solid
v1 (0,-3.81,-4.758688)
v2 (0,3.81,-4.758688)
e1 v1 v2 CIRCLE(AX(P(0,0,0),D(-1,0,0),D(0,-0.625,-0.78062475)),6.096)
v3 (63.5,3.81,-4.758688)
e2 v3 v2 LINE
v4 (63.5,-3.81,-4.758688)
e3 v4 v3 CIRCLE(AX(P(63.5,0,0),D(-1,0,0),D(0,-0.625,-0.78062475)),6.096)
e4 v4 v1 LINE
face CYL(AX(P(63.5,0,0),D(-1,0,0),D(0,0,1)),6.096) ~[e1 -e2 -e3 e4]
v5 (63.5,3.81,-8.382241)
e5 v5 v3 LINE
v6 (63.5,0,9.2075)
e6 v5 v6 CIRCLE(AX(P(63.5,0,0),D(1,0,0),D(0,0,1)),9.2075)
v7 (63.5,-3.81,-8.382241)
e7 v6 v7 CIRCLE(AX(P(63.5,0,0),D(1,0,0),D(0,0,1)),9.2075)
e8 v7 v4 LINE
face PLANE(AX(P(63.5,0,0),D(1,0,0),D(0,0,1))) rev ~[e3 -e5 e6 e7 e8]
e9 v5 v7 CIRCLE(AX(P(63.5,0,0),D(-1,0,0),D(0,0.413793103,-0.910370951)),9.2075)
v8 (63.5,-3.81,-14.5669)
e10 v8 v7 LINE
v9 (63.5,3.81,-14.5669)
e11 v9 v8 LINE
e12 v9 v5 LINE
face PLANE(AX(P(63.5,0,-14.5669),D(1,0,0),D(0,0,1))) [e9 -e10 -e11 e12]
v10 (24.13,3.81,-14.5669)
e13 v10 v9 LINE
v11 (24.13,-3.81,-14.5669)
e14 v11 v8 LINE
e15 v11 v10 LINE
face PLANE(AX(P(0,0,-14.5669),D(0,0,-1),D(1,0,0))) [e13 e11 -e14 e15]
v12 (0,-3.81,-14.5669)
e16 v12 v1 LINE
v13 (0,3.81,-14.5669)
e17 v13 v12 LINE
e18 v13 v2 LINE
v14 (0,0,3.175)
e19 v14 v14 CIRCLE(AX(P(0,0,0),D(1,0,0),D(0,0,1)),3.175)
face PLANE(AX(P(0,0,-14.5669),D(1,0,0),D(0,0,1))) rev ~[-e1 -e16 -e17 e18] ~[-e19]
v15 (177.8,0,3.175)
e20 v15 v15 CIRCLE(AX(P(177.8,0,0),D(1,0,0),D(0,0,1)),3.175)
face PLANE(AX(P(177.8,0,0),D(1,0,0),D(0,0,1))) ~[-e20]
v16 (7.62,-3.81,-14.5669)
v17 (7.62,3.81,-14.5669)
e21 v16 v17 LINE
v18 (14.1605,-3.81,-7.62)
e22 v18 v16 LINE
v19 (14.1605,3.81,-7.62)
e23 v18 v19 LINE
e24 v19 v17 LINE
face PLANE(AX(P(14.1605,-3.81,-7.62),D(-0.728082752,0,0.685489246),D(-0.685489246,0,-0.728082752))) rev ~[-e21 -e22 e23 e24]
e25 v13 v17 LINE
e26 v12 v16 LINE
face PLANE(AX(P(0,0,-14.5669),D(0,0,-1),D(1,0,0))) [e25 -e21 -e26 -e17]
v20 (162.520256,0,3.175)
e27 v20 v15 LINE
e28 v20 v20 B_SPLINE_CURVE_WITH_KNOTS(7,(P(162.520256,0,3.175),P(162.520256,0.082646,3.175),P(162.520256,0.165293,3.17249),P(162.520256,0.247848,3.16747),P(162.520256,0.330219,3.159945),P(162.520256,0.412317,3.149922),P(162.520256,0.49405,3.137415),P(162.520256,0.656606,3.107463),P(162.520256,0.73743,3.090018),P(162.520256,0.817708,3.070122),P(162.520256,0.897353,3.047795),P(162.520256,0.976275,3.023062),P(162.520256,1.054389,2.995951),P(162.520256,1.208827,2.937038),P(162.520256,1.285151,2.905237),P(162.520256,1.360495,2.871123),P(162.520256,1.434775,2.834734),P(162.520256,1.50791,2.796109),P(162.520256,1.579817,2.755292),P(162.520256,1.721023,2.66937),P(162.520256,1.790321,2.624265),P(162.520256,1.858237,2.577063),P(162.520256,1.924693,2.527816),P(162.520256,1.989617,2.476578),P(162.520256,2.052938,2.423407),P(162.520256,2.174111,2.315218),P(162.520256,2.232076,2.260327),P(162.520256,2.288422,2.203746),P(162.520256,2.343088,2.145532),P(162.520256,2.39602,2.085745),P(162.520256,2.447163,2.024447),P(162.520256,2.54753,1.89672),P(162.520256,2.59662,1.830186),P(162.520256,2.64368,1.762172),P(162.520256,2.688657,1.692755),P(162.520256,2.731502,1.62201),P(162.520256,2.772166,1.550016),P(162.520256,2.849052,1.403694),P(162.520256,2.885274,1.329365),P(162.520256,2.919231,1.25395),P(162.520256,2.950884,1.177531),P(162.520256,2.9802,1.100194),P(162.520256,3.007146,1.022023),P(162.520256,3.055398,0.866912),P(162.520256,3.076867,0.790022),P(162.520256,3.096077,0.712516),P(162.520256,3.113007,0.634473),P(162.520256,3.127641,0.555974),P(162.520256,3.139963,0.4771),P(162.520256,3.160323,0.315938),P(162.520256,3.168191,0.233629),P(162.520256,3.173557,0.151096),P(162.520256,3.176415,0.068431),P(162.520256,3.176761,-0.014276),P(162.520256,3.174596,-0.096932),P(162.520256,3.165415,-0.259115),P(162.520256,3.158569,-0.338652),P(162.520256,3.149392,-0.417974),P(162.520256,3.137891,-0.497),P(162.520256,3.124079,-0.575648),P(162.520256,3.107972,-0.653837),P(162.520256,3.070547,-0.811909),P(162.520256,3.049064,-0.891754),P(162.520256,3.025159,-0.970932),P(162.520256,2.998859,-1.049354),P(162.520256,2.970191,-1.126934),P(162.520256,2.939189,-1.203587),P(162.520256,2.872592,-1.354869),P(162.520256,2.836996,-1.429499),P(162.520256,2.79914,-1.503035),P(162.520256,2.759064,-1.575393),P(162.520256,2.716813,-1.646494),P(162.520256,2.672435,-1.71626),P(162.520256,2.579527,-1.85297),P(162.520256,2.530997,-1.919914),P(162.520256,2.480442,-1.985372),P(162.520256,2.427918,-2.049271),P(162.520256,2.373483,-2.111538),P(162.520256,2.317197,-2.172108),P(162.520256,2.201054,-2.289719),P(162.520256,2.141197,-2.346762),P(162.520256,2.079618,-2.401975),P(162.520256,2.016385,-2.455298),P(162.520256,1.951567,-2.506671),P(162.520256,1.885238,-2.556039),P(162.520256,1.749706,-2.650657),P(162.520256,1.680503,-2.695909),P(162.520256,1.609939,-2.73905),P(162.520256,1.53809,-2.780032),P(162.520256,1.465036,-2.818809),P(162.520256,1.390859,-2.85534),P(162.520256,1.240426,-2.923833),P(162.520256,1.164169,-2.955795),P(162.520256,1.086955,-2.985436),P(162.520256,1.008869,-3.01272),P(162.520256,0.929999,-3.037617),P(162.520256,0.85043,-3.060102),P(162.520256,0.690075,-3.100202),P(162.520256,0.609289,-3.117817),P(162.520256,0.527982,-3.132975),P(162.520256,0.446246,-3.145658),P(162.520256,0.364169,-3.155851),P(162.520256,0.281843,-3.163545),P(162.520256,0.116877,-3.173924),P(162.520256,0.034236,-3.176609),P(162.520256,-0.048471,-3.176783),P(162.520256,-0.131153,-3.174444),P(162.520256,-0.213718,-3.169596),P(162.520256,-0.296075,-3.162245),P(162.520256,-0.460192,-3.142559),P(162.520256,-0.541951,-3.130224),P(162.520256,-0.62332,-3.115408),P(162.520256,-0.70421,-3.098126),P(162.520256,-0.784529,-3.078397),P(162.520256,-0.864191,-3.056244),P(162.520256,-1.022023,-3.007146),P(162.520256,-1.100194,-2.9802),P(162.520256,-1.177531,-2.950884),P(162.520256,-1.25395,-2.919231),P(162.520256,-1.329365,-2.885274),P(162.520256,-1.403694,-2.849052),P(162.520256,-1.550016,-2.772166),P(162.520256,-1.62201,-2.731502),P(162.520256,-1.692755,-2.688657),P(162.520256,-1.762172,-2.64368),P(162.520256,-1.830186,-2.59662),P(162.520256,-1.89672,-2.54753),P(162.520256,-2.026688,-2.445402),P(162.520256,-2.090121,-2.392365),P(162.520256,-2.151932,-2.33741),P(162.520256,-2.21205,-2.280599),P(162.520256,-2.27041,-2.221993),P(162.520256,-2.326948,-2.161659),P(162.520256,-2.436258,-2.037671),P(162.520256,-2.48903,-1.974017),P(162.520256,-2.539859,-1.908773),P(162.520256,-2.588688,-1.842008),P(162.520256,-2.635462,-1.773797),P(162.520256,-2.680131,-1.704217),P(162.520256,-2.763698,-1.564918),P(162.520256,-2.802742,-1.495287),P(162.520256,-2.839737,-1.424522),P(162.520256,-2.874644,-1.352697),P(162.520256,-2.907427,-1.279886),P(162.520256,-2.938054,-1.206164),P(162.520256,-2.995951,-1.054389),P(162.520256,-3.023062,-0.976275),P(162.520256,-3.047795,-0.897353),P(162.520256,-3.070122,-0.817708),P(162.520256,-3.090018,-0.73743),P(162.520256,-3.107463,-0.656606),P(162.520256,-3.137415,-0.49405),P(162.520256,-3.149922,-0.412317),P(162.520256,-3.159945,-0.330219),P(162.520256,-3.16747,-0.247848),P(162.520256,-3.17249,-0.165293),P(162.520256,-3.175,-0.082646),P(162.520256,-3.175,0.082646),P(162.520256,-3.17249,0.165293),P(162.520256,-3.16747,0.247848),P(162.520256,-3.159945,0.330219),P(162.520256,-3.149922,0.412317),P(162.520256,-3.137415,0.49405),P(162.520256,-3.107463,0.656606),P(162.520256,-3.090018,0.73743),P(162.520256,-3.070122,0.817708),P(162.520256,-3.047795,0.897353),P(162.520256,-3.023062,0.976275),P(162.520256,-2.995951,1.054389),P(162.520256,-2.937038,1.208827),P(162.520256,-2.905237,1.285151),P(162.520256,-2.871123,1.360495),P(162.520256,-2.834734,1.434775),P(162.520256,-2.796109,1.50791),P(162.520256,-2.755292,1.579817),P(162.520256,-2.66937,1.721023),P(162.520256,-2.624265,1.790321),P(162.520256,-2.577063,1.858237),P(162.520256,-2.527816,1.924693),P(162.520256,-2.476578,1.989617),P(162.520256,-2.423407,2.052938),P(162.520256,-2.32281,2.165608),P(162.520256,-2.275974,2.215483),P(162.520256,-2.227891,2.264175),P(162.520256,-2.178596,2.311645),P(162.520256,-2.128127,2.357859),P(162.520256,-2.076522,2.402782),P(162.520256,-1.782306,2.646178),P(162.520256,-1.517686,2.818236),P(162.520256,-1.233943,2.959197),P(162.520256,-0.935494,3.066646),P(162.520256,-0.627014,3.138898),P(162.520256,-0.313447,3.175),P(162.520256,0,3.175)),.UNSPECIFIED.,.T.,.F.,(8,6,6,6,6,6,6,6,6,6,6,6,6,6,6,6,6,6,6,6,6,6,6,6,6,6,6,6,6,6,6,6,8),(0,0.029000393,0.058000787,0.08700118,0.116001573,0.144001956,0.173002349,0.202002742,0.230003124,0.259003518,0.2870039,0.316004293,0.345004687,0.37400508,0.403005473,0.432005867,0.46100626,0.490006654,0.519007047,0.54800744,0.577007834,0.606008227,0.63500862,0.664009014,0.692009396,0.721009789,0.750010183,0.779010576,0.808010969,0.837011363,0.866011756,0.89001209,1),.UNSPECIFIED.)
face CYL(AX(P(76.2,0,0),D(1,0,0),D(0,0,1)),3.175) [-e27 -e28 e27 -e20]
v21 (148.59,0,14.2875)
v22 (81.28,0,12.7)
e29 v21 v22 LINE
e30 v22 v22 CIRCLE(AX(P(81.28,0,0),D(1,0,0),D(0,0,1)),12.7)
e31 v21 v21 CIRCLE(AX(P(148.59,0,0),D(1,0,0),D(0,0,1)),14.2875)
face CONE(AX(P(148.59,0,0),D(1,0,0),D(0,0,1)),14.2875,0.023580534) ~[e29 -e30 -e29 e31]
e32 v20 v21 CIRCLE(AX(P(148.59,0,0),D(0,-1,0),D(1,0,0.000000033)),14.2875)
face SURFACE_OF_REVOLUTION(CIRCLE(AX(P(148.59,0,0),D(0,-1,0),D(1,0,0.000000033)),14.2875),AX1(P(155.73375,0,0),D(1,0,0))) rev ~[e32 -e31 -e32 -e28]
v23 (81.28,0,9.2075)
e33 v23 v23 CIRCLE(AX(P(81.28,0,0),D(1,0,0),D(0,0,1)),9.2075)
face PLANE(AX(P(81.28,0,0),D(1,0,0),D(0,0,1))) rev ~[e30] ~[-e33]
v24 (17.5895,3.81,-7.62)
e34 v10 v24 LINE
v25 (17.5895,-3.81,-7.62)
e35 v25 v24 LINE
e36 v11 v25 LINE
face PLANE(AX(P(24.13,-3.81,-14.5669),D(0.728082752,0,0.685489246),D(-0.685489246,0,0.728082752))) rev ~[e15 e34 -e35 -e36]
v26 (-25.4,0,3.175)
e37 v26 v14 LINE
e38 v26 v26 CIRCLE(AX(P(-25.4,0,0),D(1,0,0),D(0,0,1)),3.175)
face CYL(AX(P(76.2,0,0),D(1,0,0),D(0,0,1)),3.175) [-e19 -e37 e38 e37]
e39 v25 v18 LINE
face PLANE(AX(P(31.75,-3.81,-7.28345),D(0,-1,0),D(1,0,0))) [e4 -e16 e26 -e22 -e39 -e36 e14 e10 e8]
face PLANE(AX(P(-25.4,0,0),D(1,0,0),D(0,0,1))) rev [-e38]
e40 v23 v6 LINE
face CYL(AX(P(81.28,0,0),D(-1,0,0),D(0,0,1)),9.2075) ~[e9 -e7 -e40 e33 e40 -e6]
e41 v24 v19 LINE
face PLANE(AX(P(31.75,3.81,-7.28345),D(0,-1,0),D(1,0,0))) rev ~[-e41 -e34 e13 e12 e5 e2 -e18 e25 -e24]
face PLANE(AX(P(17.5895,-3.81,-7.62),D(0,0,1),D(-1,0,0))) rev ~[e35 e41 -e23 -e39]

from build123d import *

# Parameters (mm, degrees)
F2_W          = 63.5
F2_H          = 14.5669
F3_DEPTH      = 3.81
F3_DEPTH_BACK = 3.81
F5_DEPTH      = 18.0985
F10_W         = 203.2
F10_H         = 3.175


with BuildPart() as f1:
    # F0 (on Front) → F1 (revolve)
    with BuildSketch(Plane.XZ):
        Polygon((148.59, 0), (148.59, 14.2875), (81.28, 12.7), (81.28, 9.2075), (63.5, 9.2075), (63.5, 6.096), (0, 6.096), (0, 0), align=None)
    revolve(axis=Axis((74.295, 0, 0), (1, 0, 0)))

    # F2 (on Front) → F3 (join, two sides)
    with BuildSketch(Plane.XZ) as f3_sk:
        with Locations((31.75, -7.28345)):
            Rectangle(F2_W, F2_H)
    extrude(amount=F3_DEPTH)
    extrude(f3_sk.sketch, amount=-F3_DEPTH_BACK)

    # F4 (on face) → F5 (cut, through all)
    with BuildSketch(Plane.XZ.offset(3.81)):
        Polygon((14.1605, -7.62), (7.62, -14.5669), (15.875, -14.5669), (15.875, -7.62), align=None)
        Polygon((15.875, -7.62), (15.875, -14.5669), (24.13, -14.5669), (17.5895, -7.62), align=None)
    extrude(amount=-F5_DEPTH, mode=Mode.SUBTRACT)

    # F6 (on Front) → F9 (revolve)
    with BuildSketch(Plane.XZ):
        with BuildLine():
            Line((148.59, 0), (162.8775, 0))
            ThreePointArc((162.8775, 0), (158.692788, 10.102788), (148.59, 14.2875))
            Line((148.59, 14.2875), (148.59, 0))
        make_face()
    revolve(axis=Axis((155.73375, 0, 0), (1, 0, 0)))

    # F10 (on Front) → F11 (revolve)
    with BuildSketch(Plane.XZ):
        with Locations((76.2, 1.5875)):
            Rectangle(F10_W, F10_H)
    revolve(axis=Axis((76.2, 0, 0), (1, 0, 0)))


with BuildPart() as f7:
    # F6 (on Front) → F7 (revolve)
    with BuildSketch(Plane.XZ):
        with BuildLine():
            Line((148.59, 0), (162.8775, 0))
            ThreePointArc((162.8775, 0), (158.692788, 10.102788), (148.59, 14.2875))
            Line((148.59, 14.2875), (148.59, 0))
        make_face()
    revolve(axis=Axis((155.73375, 0, 0), (-1, 0, 0)))


solid = f1.part
